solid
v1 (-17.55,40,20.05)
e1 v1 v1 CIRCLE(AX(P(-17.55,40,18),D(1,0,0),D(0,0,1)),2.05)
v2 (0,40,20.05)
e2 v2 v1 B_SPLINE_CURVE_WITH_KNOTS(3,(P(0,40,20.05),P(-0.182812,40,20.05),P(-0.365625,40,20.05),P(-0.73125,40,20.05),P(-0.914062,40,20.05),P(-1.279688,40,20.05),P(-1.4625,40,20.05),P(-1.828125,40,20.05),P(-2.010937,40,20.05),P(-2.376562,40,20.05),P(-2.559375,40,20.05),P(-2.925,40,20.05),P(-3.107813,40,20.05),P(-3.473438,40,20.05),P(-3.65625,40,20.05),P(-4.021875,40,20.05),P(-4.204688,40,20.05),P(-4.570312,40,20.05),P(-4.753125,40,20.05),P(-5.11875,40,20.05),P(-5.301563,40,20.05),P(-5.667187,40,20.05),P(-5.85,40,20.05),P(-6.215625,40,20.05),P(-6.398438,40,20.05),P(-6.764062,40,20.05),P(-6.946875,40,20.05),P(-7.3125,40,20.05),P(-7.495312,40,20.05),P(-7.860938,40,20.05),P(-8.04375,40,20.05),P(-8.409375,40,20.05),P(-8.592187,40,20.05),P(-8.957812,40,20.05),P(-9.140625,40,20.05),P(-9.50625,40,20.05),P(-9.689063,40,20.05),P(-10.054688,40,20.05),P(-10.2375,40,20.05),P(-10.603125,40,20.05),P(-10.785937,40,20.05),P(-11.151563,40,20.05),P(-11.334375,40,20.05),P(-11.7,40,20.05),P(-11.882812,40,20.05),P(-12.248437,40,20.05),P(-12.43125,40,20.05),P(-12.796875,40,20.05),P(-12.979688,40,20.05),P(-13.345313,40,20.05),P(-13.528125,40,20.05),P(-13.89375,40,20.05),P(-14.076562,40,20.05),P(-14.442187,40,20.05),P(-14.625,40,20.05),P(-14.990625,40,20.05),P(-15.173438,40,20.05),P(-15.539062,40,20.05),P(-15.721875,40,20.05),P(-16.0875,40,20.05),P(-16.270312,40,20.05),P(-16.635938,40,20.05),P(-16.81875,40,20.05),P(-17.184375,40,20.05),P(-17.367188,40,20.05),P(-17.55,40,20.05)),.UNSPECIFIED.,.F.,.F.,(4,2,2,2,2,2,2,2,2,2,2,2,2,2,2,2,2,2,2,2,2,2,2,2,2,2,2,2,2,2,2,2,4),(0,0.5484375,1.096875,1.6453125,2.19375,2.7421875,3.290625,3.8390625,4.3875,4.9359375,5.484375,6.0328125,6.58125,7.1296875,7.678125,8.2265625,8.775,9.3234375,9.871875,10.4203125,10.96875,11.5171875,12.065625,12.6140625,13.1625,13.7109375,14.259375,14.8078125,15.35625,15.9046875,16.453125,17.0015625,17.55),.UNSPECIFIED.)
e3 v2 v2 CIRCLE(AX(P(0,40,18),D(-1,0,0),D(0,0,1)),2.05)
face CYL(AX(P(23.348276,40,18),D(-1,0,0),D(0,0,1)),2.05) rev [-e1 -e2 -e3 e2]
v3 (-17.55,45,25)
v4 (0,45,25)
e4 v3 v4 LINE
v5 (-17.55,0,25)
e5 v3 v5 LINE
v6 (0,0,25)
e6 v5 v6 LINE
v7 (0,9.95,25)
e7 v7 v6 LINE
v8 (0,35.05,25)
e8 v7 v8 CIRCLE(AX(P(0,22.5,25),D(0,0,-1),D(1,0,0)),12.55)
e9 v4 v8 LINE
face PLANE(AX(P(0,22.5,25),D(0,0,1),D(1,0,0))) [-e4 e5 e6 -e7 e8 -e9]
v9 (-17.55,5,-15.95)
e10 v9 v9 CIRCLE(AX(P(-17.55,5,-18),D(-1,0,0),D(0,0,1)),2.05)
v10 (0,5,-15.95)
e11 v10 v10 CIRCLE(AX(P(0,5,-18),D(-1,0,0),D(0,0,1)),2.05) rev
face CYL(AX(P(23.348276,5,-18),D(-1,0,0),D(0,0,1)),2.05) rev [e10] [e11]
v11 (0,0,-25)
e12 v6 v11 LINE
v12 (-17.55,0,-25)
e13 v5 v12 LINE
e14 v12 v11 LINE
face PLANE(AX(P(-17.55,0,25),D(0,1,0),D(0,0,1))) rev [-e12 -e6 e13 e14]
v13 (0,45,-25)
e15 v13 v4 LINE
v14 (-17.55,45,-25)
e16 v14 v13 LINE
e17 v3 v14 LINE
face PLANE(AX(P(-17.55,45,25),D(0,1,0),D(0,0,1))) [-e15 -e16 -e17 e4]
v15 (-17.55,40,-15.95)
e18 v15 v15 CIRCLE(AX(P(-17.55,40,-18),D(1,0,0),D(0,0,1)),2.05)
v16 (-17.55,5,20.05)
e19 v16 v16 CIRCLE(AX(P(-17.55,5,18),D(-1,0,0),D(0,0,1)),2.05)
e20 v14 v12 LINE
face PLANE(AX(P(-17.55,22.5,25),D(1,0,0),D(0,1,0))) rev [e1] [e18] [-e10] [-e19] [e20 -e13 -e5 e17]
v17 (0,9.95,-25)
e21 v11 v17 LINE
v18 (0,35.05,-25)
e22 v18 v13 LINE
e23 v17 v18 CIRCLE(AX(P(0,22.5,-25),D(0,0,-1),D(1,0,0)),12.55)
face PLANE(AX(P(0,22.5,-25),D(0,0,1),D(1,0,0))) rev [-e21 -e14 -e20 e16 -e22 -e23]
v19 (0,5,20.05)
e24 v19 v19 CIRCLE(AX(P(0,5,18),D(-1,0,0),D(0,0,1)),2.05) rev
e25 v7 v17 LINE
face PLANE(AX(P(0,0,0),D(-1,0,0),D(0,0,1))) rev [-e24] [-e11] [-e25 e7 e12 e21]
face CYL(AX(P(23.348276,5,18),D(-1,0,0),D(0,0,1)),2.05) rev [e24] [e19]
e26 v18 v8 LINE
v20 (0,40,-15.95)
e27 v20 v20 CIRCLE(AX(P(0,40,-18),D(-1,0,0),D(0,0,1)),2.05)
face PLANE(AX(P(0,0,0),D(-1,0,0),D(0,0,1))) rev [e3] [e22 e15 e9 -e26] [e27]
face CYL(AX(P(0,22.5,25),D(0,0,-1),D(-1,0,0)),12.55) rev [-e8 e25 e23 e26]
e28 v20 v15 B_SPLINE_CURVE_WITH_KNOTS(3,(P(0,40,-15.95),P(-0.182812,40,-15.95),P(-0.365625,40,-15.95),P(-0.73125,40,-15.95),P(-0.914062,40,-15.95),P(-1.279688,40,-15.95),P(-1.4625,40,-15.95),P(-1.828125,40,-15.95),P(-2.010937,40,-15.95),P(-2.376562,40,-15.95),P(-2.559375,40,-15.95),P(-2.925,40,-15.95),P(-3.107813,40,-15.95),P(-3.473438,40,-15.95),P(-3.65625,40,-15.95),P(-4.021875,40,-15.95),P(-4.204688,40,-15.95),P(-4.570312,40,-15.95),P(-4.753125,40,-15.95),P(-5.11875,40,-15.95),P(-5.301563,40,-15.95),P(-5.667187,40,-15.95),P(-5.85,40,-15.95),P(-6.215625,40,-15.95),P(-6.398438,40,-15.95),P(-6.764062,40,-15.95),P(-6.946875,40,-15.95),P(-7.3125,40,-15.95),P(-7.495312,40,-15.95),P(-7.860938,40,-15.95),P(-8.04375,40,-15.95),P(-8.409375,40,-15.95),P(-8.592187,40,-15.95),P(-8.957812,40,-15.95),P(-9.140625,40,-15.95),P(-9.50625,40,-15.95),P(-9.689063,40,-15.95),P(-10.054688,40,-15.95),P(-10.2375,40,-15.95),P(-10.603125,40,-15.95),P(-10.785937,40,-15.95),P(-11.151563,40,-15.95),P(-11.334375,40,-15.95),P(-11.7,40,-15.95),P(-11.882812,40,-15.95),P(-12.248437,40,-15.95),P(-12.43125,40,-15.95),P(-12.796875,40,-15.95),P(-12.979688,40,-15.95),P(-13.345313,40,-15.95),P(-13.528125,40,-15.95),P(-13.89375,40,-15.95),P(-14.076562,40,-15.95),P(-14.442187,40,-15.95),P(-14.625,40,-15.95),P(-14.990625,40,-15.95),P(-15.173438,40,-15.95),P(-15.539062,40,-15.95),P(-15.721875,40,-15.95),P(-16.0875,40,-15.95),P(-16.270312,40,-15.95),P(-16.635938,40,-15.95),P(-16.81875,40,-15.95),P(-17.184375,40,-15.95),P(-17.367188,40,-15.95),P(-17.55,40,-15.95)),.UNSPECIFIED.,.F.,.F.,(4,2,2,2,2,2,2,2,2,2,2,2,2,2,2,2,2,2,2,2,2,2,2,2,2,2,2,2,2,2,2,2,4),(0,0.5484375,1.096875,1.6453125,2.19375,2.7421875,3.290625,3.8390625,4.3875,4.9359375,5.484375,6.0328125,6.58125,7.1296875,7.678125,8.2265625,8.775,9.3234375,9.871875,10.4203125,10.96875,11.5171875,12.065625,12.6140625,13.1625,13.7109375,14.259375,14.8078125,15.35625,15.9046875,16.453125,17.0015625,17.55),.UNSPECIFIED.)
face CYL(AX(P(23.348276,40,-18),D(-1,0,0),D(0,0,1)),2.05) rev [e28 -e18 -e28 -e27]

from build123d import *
from build123d.topology import SkipClean

# Parameters (mm, degrees)
BOSS_EXTRUDE1_DEPTH             = 25
BOSS_EXTRUDE2_REACH             = 65.436
BOSS_EXTRUDE2_DIRECTION_2_DEPTH = 30
SKETCH9_R                       = 2.05
CUT_EXTRUDE3_DEPTH              = 35.1
BOSS_EXTRUDE5_REACH             = 63.632
SKETCH13_R                      = 1.55
CUT_EXTRUDE4_DEPTH              = 88.768186926
SKETCH16_W                      = 63
SKETCH16_H                      = 45
CUT_EXTRUDE5_DEPTH              = 65.271143


with BuildPart() as part:
    # Sketch1 → Boss-Extrude1 (new, symmetric)
    with BuildSketch(Plane.XY):
        with BuildLine():
            Line((-17.55, 22.5), (-17.55, 0))
            Line((-17.55, 0), (17.55, 0))
            Line((17.55, 0), (17.55, 22.5))
            Line((17.55, 22.5), (12.55, 22.5))
            ThreePointArc((12.55, 22.5), (0, 9.95), (-12.55, 22.5))
            Line((-12.55, 22.5), (-17.55, 22.5))
        make_face()
    boss_extrude1 = extrude(amount=BOSS_EXTRUDE1_DEPTH, both=True)

    # Boss-Extrude2: up to this face of the body (flat: up to its plane)
    boss_extrude2_end = Plane(part.part.faces().sort_by_distance((17.55, 11.25, 0))[0])
    # Sketch5 → Boss-Extrude2 (add, up to the picked face)
    with BuildSketch(Plane(origin=(26.152881057, 0, 15.099372918), x_dir=(0.500000000000001, 0, -0.8660254037844382), z_dir=(0.8660254037844382, 0, 0.500000000000001)), mode=Mode.PRIVATE) as boss_extrude2_sk1:
        with BuildLine():
            Line((-8.725, 22.5), (-3.775, 22.5))
            ThreePointArc((-3.775, 22.5), (8.775, 9.95), (21.325, 22.5))
            Line((21.325, 22.5), (26.275, 22.5))
            ThreePointArc((26.275, 22.5), (8.775, 5), (-8.725, 22.5))
        make_face()
    boss_extrude2_tool1 = split(extrude(boss_extrude2_sk1.sketch, amount=-BOSS_EXTRUDE2_REACH, mode=Mode.PRIVATE), bisect_by=boss_extrude2_end, keep=Keep.BOTH, mode=Mode.PRIVATE)
    boss_extrude2 = boss_extrude2_tool1.solids().sort_by(Axis((23.027881, 22.108688, 20.512032), (-0.8660254037844382, 0, -0.500000000000001)))[0]
    add(boss_extrude2)

    # Sketch5 → Boss-Extrude2 direction 2 (add)
    with BuildSketch(Plane(origin=(26.152881057, 0, 15.099372918), x_dir=(0.500000000000001, 0, -0.8660254037844382), z_dir=(0.8660254037844382, 0, 0.500000000000001))):
        with BuildLine():
            Line((-8.725, 22.5), (-3.775, 22.5))
            ThreePointArc((-3.775, 22.5), (8.775, 9.95), (21.325, 22.5))
            Line((21.325, 22.5), (26.275, 22.5))
            ThreePointArc((26.275, 22.5), (8.775, 5), (-8.725, 22.5))
        make_face()
    boss_extrude2_direction_2 = extrude(amount=BOSS_EXTRUDE2_DIRECTION_2_DEPTH)

    # Sketch9 → Cut-Extrude3 (cut)
    with BuildSketch(Plane.ZY.offset(17.55)):
        with Locations((-18, 5)):
            Circle(SKETCH9_R)
        with Locations((18, 5)):
            Circle(SKETCH9_R)
    cut_extrude3 = extrude(amount=-CUT_EXTRUDE3_DEPTH, mode=Mode.SUBTRACT)

    # Boss-Extrude5: up to this face of the body (flat: up to its plane)
    boss_extrude5_end = Plane(part.part.faces().sort_by_distance((17.55, 17.173614571, 0))[0])
    # Sketch12 → Boss-Extrude5 (add, up to the picked face)
    with BuildSketch(Plane(origin=(22.035576211, 0, 12.722245857), x_dir=(0.4999999999999999, 0, -0.8660254037844388), z_dir=(0.8660254037844388, 0, 0.4999999999999999)), mode=Mode.PRIVATE) as boss_extrude5_sk1:
        with BuildLine():
            Line((-3.775, 22.5), (21.325, 22.5))
            ThreePointArc((21.325, 22.5), (8.775, 9.95), (-3.775, 22.5))
        make_face()
    boss_extrude5_tool1 = split(extrude(boss_extrude5_sk1.sketch, amount=-BOSS_EXTRUDE5_REACH, mode=Mode.PRIVATE), bisect_by=boss_extrude5_end, keep=Keep.BOTH, mode=Mode.PRIVATE)
    boss_extrude5 = boss_extrude5_tool1.solids().sort_by(Axis((26.423076, 17.173615, 5.122873), (-0.8660254037844388, 0, -0.4999999999999999)))[0]
    add(boss_extrude5)


with BuildPart() as mirror1_1:
    # Mirror1: Boss-Extrude1, Boss-Extrude2, Boss-Extrude2 direction 2 across plane
    add(boss_extrude1.mirror(Plane(origin=(17.55, 22.5, 25), x_dir=(0, 0, 1), z_dir=(0, -1, 0))))
    add(boss_extrude2.mirror(Plane(origin=(17.55, 22.5, 25), x_dir=(0, 0, 1), z_dir=(0, -1, 0))))
    add(boss_extrude2_direction_2.mirror(Plane(origin=(17.55, 22.5, 25), x_dir=(0, 0, 1), z_dir=(0, -1, 0))))

    # Mirror1 2: Cut-Extrude3 across plane
    add(cut_extrude3.mirror(Plane(origin=(17.55, 22.5, 25), x_dir=(0, 0, 1), z_dir=(0, -1, 0))), mode=Mode.SUBTRACT)


with BuildPart() as mirror1_3_1:
    # Mirror1 3: Boss-Extrude5 across plane
    add(boss_extrude5.mirror(Plane(origin=(17.55, 22.5, 25), x_dir=(0, 0, 1), z_dir=(0, -1, 0))))


with BuildPart() as part_1:
    add(part.part)

    # Mirror1 united with what the copies touc: union Mirror1_1, Mirror1 3_1
    add(mirror1_1.part)
    add(mirror1_3_1.part)

    # Sketch13 → Cut-Extrude4 (cut, through all)
    with SkipClean():  # the faces are left unmerged after this step: merging them gives an invalid solid
        with BuildSketch(Plane(origin=(0, 0, 0), x_dir=(1, 0, 0), z_dir=(0, 1, 0))):
            with Locations(Location((43.530762114, -15, 0), (0, 0, 90))):
                Circle(SKETCH13_R)
        extrude(amount=CUT_EXTRUDE4_DEPTH, mode=Mode.SUBTRACT)

    # Sketch16 → Cut-Extrude5 (cut)
    with BuildSketch(Plane(origin=(0, 0, 0), x_dir=(0, 0, -1), z_dir=(1, 0, 0))):
        with Locations((-6.5, 22.5)):
            Rectangle(SKETCH16_W, SKETCH16_H)
    extrude(amount=CUT_EXTRUDE5_DEPTH, mode=Mode.SUBTRACT)


solid = part_1.part
